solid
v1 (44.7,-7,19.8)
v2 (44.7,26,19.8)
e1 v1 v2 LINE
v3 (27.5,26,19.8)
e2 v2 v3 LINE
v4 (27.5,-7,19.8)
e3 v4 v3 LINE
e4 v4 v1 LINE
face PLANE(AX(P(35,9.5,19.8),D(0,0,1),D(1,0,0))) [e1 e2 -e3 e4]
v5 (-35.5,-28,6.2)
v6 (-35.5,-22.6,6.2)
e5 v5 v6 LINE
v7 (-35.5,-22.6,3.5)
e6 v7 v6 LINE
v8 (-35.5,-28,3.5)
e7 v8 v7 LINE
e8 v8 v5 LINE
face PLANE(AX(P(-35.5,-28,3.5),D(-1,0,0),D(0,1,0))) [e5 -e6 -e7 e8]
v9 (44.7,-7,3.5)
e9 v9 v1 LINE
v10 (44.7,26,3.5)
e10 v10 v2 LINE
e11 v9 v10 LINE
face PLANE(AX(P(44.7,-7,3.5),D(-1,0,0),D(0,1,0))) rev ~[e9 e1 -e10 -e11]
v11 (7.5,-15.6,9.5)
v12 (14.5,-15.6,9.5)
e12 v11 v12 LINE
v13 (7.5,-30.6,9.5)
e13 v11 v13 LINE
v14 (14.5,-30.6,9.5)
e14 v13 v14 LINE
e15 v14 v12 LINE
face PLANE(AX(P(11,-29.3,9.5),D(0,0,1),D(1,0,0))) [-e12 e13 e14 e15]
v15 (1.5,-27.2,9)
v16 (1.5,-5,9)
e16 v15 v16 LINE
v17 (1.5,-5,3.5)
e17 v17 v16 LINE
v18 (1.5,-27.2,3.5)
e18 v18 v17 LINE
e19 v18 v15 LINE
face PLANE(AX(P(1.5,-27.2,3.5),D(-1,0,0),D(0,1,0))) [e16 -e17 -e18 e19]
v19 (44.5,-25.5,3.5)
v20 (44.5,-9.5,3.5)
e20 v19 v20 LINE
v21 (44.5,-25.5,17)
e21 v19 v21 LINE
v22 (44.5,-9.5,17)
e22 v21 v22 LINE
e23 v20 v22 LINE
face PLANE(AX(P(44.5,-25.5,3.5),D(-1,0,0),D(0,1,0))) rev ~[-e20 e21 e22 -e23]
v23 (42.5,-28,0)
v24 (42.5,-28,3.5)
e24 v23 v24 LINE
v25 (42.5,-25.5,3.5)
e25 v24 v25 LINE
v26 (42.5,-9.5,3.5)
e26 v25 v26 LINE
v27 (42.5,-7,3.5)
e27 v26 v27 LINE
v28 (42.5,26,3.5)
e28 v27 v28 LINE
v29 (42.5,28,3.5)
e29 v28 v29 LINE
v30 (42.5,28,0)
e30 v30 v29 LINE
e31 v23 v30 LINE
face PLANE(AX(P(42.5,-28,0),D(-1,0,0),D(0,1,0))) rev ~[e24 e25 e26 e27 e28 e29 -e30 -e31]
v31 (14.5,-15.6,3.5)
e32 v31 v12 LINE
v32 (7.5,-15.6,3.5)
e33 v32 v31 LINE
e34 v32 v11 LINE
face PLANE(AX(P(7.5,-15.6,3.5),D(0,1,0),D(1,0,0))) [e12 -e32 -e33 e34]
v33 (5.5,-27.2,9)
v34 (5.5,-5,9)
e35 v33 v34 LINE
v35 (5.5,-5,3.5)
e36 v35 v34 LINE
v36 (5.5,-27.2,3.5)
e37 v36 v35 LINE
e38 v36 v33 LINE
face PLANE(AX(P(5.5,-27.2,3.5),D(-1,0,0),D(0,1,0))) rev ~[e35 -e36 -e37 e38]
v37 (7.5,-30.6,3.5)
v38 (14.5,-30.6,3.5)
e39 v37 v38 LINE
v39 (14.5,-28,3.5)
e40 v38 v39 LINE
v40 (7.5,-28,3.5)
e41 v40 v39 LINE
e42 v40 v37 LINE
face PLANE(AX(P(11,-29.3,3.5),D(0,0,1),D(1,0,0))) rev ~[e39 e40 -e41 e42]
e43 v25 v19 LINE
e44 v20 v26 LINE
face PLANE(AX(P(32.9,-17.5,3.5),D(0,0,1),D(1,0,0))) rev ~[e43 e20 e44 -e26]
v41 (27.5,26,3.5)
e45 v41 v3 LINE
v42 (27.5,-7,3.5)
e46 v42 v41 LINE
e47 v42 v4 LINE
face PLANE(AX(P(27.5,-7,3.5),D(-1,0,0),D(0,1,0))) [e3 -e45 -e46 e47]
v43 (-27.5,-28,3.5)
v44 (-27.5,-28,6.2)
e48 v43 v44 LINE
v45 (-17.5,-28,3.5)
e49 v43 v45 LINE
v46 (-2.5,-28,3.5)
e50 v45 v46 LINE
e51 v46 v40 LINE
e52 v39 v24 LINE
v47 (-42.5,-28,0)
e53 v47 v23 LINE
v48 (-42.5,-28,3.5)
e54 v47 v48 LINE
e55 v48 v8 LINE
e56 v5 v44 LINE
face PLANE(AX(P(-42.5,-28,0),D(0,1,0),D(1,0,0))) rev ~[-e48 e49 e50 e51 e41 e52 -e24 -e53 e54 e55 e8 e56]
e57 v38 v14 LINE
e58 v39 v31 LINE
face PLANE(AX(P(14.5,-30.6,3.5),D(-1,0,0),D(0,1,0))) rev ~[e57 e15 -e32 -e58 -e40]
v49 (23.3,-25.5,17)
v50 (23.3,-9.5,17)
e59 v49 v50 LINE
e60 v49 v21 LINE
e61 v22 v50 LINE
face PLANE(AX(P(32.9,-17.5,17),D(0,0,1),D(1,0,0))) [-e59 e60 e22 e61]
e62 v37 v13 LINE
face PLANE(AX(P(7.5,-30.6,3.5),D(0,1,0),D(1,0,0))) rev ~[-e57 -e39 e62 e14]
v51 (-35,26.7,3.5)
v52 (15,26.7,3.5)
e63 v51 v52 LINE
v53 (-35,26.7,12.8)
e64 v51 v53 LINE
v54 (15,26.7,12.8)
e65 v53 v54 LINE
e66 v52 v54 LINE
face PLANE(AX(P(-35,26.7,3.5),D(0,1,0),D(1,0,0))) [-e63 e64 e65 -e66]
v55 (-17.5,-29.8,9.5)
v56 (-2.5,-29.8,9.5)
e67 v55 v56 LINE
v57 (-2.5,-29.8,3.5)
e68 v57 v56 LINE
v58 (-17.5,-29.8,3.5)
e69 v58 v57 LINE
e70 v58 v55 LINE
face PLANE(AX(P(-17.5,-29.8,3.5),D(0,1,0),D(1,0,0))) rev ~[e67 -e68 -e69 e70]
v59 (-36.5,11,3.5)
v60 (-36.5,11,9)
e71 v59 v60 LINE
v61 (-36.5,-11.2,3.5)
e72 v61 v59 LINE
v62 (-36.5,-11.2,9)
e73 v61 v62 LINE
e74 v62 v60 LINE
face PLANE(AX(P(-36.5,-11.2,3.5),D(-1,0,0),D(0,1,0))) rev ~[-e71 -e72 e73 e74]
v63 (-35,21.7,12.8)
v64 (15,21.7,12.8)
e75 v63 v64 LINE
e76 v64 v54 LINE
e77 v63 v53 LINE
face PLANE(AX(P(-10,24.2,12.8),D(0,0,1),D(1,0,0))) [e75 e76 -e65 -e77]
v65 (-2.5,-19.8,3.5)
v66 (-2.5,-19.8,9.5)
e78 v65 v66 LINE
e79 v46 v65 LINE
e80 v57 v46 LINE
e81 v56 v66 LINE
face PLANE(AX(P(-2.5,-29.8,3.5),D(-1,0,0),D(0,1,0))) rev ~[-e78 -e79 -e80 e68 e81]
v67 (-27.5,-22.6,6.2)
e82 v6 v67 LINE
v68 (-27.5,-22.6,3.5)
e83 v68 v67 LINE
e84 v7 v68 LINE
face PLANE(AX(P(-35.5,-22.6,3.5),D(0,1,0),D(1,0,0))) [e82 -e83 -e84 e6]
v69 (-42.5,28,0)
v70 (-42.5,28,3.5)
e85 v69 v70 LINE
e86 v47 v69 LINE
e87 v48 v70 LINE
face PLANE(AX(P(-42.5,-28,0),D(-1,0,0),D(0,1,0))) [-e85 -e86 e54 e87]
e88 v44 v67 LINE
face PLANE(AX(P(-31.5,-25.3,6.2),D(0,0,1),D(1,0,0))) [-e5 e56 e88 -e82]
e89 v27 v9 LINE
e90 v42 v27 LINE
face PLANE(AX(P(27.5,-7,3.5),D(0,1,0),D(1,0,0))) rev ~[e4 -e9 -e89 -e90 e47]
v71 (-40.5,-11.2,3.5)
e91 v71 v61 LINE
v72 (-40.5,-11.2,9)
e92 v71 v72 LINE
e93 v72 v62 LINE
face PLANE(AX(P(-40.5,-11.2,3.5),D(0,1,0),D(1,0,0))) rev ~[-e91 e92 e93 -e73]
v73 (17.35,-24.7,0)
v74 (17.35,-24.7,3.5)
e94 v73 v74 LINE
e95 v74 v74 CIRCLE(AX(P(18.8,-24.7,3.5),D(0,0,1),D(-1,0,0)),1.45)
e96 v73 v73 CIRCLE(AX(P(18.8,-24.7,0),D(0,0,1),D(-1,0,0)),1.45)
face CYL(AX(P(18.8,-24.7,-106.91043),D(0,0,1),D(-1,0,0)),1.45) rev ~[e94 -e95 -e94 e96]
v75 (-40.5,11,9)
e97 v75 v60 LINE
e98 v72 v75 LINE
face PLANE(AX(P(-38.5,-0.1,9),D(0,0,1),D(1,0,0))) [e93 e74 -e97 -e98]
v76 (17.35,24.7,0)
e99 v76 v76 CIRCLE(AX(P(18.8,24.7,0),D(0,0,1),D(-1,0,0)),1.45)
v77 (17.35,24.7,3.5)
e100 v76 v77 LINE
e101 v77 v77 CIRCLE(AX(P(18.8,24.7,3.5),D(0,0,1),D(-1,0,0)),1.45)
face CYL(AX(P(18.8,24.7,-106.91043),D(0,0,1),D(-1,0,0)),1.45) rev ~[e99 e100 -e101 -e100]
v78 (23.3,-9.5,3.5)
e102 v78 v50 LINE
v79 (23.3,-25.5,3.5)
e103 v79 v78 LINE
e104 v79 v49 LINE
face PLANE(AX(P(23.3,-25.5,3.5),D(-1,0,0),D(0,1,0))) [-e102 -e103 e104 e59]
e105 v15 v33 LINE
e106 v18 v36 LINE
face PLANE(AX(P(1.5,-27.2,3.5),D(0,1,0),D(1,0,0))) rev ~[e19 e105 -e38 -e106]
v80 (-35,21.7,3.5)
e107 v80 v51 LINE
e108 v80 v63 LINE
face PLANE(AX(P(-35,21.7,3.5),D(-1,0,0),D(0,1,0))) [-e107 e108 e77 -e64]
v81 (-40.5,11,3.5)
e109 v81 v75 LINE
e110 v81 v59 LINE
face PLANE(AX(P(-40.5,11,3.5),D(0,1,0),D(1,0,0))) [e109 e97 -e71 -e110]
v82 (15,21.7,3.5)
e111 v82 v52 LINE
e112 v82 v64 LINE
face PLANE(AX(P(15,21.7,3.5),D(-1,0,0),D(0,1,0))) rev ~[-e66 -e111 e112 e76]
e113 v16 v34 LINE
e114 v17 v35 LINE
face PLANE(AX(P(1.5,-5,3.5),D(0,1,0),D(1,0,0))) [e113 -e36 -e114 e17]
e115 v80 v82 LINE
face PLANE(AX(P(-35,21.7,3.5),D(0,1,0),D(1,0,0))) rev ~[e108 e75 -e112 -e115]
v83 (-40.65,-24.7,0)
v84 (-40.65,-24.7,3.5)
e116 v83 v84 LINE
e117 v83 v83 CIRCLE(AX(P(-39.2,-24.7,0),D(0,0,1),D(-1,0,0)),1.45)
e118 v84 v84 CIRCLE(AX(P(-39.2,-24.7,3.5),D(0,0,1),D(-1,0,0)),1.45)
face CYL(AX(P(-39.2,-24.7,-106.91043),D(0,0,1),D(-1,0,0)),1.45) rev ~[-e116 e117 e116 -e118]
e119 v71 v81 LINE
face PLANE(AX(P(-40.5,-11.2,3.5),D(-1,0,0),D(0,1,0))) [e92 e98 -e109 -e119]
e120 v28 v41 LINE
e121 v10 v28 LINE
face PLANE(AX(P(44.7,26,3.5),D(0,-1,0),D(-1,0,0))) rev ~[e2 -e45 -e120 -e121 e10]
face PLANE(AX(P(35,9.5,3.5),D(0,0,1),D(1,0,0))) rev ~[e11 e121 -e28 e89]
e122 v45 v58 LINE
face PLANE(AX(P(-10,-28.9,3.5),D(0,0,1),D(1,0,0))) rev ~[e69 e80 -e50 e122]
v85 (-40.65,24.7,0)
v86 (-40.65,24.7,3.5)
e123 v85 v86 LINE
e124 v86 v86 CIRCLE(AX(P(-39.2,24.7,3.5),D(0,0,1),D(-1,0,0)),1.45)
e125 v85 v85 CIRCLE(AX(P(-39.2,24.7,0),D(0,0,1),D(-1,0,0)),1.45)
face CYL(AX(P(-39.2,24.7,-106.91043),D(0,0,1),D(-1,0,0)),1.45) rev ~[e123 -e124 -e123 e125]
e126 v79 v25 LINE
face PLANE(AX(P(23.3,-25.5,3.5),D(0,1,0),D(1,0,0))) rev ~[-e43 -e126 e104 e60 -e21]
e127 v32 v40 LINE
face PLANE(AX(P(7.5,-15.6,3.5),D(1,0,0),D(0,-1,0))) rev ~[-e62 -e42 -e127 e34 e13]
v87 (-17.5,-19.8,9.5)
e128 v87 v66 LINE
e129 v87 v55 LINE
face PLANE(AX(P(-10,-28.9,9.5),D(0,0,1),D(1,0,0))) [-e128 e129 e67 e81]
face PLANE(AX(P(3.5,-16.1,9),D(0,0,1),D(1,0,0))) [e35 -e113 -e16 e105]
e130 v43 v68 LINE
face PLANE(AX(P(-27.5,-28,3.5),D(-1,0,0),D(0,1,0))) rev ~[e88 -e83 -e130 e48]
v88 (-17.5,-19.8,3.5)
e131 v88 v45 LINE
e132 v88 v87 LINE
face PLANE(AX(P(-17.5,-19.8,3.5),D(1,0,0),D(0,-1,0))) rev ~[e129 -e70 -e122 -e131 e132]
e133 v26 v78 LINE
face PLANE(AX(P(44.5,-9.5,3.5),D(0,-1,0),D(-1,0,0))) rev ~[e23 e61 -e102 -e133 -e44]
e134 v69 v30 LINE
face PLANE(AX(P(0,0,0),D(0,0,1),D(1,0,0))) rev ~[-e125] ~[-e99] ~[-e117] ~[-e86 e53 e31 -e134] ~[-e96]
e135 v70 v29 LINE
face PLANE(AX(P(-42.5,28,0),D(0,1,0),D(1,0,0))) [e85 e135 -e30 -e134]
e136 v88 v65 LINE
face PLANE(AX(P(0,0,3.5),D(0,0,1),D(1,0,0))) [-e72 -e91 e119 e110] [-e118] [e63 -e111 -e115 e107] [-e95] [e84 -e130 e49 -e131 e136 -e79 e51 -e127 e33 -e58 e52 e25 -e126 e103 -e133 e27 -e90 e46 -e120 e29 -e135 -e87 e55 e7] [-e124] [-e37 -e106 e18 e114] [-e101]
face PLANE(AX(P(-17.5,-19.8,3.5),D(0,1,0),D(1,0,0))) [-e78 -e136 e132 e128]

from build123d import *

# Parameters (mm, degrees)
F0_W     = 85
F0_H     = 56
F1_DEPTH = 3.5
F2_W     = 50
F2_H     = 5
F3_DEPTH = 9.3
F2_W_2   = 4
F2_H_2   = 22.2
F4_DEPTH = 5.5
F2_W_3   = 8
F2_H_3   = 5.4
F5_DEPTH = 2.7
F2_W_4   = 15
F2_H_4   = 1.8
F2_H_5   = 8.2
F6_DEPTH = 6
F2_W_5   = 7
F2_H_6   = 2.6
F2_H_7   = 12.4
F7_DEPTH = 6
F2_H_8   = 33
F2_W_6   = 2.2
F8_DEPTH = 16.3
F2_W_7   = 19.2
F2_H_9   = 16
F2_W_8   = 2
F9_DEPTH = 13.5
F10_D    = 2.9


with BuildPart() as f1:
    # F0 (on Top) → F1 (new body)
    with BuildSketch(Plane.XY):
        Rectangle(F0_W, F0_H)
    extrude(amount=F1_DEPTH)

    # F2 (on face) → F3 (join)
    with BuildSketch(Plane.XY.offset(3.5)):
        with Locations((-10, 24.2)):
            Rectangle(F2_W, F2_H)
    extrude(amount=F3_DEPTH)

    # F2 (on face) → F4 (join)
    with BuildSketch(Plane.XY.offset(3.5)):
        with Locations((-38.5, -0.1)):
            Rectangle(F2_W_2, F2_H_2)
        with Locations((3.5, -16.1)):
            Rectangle(F2_W_2, F2_H_2)
    extrude(amount=F4_DEPTH)

    # F2 (on face) → F5 (join)
    with BuildSketch(Plane.XY.offset(3.5)):
        with Locations((-31.5, -25.3)):
            Rectangle(F2_W_3, F2_H_3)
    extrude(amount=F5_DEPTH)

    # F2 (on face) → F6 (join)
    with BuildSketch(Plane.XY.offset(3.5)):
        with Locations((-10, -28.9)):
            Rectangle(F2_W_4, F2_H_4)
        with Locations((-10, -23.9)):
            Rectangle(F2_W_4, F2_H_5)
    extrude(amount=F6_DEPTH)

    # F2 (on face) → F7 (join)
    with BuildSketch(Plane.XY.offset(3.5)):
        with Locations((11, -29.3)):
            Rectangle(F2_W_5, F2_H_6)
        with Locations((11, -21.8)):
            Rectangle(F2_W_5, F2_H_7)
    extrude(amount=F7_DEPTH)

    # F2 (on face) → F8 (join)
    with BuildSketch(Plane.XY.offset(3.5)):
        with Locations((35, 9.5)):
            Rectangle(F2_W_4, F2_H_8)
        with Locations((43.6, 9.5)):
            Rectangle(F2_W_6, F2_H_8)
    extrude(amount=F8_DEPTH)

    # F2 (on face) → F9 (join)
    with BuildSketch(Plane.XY.offset(3.5)):
        with Locations((32.9, -17.5)):
            Rectangle(F2_W_7, F2_H_9)
        with Locations((43.5, -17.5)):
            Rectangle(F2_W_8, F2_H_9)
    extrude(amount=F9_DEPTH)

    # F10 (through all)
    with Locations(Plane(origin=(0, 0, 0), x_dir=(1, 0, 0), z_dir=(0, 0, -1))):
        with Locations((18.8, 24.7), (-39.2, 24.7), (-39.2, -24.7), (18.8, -24.7)):
            Hole(F10_D / 2)


solid = f1.part
